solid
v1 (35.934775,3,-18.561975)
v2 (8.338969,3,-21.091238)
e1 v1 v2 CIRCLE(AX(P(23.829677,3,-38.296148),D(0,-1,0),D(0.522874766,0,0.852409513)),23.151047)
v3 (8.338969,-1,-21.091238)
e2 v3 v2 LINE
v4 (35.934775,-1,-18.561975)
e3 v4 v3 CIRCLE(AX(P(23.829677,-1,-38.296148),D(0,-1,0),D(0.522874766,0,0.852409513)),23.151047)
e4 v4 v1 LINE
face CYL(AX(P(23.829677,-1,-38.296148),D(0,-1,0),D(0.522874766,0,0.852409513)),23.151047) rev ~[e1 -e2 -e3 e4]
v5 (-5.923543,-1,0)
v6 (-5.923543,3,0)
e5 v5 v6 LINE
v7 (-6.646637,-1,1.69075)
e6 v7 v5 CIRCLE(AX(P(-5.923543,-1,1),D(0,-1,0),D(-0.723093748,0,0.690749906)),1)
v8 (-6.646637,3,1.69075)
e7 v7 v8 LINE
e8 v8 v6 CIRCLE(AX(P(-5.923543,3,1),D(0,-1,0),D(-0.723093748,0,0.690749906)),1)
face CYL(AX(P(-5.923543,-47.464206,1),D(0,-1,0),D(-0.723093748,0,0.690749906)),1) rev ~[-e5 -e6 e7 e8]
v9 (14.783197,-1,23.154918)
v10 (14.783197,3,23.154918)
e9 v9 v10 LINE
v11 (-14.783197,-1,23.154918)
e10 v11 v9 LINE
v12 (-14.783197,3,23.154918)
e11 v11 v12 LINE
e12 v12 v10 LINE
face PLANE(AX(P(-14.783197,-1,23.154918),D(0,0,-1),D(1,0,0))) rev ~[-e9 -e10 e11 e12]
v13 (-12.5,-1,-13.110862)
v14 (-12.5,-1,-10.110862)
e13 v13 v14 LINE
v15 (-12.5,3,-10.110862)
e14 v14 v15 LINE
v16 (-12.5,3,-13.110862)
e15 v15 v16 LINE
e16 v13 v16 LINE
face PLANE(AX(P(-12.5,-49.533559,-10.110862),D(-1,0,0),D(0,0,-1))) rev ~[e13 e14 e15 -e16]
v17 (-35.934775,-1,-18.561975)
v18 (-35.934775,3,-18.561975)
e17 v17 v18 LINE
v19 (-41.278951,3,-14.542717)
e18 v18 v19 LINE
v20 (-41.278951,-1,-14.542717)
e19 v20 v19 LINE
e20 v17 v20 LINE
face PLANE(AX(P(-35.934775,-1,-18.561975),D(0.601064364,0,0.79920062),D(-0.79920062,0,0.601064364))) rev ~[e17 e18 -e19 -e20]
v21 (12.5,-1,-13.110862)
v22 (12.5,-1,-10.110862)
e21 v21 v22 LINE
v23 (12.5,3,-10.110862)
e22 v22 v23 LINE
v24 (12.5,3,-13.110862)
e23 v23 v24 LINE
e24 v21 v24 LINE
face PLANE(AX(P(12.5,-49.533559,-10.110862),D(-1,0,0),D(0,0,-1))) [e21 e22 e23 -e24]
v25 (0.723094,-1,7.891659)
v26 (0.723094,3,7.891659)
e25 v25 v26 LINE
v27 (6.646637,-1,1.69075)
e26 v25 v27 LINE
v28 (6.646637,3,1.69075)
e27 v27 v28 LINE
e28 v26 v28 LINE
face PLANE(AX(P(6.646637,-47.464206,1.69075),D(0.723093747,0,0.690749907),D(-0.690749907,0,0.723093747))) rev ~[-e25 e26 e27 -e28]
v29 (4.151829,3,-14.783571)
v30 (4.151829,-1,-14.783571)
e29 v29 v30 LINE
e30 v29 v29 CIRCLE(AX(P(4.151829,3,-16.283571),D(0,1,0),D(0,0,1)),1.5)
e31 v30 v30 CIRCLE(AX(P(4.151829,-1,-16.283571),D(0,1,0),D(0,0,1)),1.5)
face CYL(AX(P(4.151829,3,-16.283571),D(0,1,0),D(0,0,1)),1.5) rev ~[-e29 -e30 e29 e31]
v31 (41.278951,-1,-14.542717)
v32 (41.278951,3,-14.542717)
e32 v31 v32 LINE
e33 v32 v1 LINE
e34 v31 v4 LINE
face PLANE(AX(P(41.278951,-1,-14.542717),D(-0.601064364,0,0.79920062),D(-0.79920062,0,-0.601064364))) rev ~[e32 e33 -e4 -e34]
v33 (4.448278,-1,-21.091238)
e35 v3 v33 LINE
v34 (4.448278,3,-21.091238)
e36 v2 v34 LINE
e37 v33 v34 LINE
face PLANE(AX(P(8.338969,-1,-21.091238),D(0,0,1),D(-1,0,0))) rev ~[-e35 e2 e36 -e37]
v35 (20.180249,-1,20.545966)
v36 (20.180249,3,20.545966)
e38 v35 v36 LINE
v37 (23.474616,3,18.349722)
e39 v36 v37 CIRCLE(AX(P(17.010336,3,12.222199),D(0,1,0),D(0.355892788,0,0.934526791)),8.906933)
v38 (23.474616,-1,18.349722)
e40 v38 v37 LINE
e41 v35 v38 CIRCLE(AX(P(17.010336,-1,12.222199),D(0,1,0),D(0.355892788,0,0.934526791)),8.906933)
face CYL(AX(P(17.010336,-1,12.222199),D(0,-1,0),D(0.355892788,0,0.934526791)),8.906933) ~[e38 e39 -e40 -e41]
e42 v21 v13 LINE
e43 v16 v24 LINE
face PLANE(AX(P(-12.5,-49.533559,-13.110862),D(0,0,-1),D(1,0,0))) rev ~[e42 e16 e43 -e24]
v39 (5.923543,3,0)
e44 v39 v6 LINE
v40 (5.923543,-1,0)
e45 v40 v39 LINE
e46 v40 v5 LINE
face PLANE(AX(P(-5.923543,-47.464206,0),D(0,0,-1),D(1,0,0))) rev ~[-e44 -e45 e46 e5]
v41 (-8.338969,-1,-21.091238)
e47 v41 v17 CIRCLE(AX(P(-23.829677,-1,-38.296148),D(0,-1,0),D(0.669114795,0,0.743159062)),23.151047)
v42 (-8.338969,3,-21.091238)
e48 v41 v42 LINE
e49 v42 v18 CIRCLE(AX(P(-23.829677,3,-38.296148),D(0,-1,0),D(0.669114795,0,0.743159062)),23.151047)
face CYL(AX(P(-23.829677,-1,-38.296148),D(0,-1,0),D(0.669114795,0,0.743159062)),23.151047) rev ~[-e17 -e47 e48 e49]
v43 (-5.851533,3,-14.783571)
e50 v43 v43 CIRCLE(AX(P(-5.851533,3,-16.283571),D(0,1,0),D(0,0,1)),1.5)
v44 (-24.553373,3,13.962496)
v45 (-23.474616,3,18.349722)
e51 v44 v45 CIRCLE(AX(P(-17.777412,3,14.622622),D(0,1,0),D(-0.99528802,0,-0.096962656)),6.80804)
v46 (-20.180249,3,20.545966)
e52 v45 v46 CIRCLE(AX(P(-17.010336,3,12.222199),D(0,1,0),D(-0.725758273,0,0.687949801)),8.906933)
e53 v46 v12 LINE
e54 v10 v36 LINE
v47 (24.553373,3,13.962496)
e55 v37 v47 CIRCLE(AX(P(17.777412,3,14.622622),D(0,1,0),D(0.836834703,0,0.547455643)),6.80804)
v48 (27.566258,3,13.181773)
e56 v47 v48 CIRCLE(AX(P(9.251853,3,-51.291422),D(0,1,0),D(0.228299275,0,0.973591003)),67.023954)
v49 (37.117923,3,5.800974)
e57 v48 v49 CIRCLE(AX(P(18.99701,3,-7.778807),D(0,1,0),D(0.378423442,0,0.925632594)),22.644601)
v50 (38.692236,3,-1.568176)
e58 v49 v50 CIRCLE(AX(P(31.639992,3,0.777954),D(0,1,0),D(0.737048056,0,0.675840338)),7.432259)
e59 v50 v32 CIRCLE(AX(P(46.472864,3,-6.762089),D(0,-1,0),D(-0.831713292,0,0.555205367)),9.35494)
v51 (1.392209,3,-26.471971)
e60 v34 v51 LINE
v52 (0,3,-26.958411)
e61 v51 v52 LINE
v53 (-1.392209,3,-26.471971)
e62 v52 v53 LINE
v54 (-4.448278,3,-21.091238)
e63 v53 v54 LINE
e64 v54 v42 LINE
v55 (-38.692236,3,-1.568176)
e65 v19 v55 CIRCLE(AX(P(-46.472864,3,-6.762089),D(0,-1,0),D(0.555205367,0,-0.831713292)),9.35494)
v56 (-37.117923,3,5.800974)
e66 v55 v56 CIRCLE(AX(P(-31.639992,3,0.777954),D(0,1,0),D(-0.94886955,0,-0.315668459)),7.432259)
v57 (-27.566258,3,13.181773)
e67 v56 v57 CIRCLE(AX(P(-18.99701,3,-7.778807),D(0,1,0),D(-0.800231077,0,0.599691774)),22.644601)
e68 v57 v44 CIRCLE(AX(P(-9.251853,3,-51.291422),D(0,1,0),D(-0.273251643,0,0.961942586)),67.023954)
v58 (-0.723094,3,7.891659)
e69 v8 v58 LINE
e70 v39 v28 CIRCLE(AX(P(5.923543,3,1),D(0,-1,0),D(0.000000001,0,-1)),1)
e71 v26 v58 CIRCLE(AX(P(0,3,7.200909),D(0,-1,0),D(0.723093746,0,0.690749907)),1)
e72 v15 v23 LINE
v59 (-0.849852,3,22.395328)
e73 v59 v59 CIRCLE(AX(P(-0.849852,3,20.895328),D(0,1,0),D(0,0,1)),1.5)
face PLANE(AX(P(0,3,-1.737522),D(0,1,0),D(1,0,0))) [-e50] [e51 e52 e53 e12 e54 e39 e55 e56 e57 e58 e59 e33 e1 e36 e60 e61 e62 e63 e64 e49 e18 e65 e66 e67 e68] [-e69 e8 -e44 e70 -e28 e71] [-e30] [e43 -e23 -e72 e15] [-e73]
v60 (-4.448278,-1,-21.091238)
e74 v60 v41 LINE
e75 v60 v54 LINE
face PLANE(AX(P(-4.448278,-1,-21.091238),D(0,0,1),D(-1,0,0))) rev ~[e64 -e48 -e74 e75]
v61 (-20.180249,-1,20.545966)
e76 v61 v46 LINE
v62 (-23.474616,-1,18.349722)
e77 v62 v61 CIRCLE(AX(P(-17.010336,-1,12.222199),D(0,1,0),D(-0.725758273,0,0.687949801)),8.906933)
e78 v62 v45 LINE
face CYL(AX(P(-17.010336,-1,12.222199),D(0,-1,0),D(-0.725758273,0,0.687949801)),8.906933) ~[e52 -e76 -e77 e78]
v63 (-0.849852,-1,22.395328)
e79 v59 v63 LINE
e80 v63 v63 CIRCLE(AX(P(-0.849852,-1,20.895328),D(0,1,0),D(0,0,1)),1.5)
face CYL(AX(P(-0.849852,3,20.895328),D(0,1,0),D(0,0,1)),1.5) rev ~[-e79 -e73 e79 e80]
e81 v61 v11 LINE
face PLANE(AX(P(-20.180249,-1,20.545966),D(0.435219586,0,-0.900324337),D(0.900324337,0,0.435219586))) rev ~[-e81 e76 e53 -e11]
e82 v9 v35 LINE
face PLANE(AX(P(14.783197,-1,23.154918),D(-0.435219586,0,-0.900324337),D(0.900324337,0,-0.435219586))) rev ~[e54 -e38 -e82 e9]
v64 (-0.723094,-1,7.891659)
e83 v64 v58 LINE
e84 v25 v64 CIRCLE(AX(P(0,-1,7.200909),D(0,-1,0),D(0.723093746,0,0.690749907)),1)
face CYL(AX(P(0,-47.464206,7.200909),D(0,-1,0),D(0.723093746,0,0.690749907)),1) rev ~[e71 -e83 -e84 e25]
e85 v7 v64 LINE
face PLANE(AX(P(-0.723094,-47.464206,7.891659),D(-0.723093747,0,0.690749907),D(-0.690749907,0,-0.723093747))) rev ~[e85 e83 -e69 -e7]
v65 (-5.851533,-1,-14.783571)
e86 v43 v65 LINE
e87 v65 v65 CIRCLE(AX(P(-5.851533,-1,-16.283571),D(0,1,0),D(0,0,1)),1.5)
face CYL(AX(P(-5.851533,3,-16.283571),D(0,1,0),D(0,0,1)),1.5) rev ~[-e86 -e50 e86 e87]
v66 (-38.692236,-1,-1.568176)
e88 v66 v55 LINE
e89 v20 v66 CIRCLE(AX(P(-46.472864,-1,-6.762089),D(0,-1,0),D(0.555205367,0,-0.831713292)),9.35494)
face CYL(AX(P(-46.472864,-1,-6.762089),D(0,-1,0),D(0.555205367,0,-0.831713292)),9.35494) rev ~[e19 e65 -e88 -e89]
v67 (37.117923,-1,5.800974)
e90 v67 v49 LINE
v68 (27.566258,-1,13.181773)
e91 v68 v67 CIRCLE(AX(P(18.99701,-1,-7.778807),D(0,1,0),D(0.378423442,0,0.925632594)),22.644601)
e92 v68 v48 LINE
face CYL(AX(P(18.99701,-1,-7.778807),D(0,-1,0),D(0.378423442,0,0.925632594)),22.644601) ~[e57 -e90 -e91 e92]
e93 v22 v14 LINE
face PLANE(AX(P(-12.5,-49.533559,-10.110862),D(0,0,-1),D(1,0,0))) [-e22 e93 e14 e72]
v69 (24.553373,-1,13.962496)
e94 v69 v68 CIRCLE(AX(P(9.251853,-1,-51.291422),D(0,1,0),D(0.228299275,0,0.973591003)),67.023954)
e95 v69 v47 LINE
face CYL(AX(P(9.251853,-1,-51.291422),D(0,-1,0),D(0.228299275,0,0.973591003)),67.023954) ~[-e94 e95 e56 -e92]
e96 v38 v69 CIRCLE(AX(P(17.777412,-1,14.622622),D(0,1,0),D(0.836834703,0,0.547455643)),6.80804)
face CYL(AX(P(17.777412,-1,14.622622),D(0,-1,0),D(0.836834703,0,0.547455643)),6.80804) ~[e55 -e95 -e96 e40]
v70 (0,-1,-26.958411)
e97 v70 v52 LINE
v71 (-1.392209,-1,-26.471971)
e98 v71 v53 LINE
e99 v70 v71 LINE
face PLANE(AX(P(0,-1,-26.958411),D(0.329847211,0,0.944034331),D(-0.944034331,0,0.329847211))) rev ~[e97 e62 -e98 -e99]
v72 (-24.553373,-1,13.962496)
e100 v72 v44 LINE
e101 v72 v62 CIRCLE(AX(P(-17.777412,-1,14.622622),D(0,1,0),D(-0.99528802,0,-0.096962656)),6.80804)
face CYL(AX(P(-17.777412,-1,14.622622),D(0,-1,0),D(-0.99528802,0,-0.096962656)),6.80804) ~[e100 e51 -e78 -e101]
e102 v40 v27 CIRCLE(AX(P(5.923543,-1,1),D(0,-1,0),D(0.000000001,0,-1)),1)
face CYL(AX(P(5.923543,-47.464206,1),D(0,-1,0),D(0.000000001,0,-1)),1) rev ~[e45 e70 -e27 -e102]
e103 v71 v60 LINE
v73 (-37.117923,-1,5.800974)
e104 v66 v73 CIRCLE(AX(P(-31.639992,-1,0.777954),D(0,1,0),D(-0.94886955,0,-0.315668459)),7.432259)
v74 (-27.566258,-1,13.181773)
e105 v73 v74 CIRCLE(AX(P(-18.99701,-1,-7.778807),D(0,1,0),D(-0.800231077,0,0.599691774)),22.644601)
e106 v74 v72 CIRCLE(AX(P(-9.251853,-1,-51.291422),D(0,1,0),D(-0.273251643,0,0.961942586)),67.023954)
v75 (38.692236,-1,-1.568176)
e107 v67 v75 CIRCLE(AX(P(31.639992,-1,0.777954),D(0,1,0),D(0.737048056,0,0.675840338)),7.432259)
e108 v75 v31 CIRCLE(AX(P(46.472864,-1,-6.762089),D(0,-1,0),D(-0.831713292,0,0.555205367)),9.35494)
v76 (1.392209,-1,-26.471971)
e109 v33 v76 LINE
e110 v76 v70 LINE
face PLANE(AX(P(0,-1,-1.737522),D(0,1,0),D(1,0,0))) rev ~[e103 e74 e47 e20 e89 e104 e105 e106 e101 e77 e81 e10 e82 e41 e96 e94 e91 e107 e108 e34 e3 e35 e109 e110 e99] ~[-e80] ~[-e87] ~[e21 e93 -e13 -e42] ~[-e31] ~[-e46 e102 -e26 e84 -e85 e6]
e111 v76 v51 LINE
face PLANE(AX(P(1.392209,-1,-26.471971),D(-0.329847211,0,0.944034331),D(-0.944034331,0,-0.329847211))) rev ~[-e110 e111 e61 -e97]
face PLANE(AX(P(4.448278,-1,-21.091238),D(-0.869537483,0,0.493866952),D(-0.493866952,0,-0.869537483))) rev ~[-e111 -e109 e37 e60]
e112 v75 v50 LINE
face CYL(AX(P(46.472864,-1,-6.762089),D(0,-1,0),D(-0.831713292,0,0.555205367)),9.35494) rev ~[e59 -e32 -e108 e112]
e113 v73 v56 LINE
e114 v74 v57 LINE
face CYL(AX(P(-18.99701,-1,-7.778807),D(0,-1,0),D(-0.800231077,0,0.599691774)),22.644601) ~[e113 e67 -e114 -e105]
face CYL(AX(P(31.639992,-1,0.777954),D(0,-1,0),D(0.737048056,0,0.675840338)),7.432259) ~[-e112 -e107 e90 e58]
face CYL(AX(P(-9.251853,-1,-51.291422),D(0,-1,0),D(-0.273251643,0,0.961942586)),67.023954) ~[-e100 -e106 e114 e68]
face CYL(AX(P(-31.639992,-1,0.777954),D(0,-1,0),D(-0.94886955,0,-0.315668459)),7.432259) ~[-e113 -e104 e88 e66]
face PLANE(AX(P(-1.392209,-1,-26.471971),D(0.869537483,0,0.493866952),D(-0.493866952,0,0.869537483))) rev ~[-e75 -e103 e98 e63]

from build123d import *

# Parameters (mm, degrees)
BOSS_EXTRUDE1_DEPTH     = 2
SCALE1_SCALE            = 2
SKETCH6_R               = 1.5
CUT_EXTRUDE2_DEPTH      = 50.464206186
SKETCH7_W               = 25
SKETCH7_H               = 3
BOSS_EXTRUDE2_DEPTH     = 15
SKETCH8_R               = 1.5
SKETCH8_W               = 16
SKETCH8_H               = 11
CUT_EXTRUDE3_DEPTH      = 18
FILLET3_R               = 3
FILLET4_R               = 3
SKETCH10_R              = 1.5
CUT_EXTRUDE4_DEPTH      = 10
CUT_EXTRUDE5_DEPTH      = 52.533558907
CUT_EXTRUDE5_DEPTH_BACK = 52.533558907
SKETCH11_W              = 25
SKETCH11_H              = 3
CUT_EXTRUDE6_DEPTH      = 50.464206186
CUT_EXTRUDE6_DEPTH_BACK = 50.464206186


with BuildPart() as part:
    # Sketch2 → Boss-Extrude1 (new body)
    with BuildSketch(Plane(origin=(0, 0, 0), x_dir=(1, 0, 0), z_dir=(0, 1, 0))):
        with BuildLine():
            Line((-17.967387551, 9.159795774), (-20.639475337, 7.15016677))
            ThreePointArc((-20.639475337, 7.15016677), (-18.649238809, 4.17439457), (-19.346117765, 0.662896123))
            ThreePointArc((-19.346117765, 0.662896123), (-19.45411943, -1.286546543), (-18.558961711, -3.021678736))
            ThreePointArc((-18.558961711, -3.021678736), (-16.421478173, -5.190969631), (-13.78312899, -6.712078584))
            ThreePointArc((-13.78312899, -6.712078584), (-13.032173848, -6.916004841), (-12.276686285, -7.102440046))
            ThreePointArc((-12.276686285, -7.102440046), (-12.194265553, -8.245293076), (-11.737308023, -9.296052821))
            ThreePointArc((-11.737308023, -9.296052821), (-10.975506649, -9.937799505), (-10.090124565, -10.394175126))
            Line((-10.090124565, -10.394175126), (-7.391598262, -11.698651137))
            Line((-7.391598262, -11.698651137), (7.391598262, -11.698651137))
            Line((7.391598262, -11.698651137), (10.090124565, -10.394175126))
            ThreePointArc((10.090124565, -10.394175126), (10.975506649, -9.937799505), (11.737308023, -9.296052821))
            ThreePointArc((11.737308023, -9.296052821), (12.194265553, -8.245293076), (12.276686285, -7.102440046))
            ThreePointArc((12.276686285, -7.102440046), (13.032173848, -6.916004841), (13.78312899, -6.712078584))
            ThreePointArc((13.78312899, -6.712078584), (16.421478173, -5.190969631), (18.558961711, -3.021678736))
            ThreePointArc((18.558961711, -3.021678736), (19.45411943, -1.286546543), (19.346117765, 0.662896123))
            ThreePointArc((19.346117765, 0.662896123), (18.649238809, 4.17439457), (20.639475337, 7.15016677))
            Line((20.639475337, 7.15016677), (17.967387551, 9.159795774))
            ThreePointArc((17.967387551, 9.159795774), (10.858325227, 7.499674132), (4.169484372, 10.424426945))
            Line((4.169484372, 10.424426945), (2.224138848, 10.424426945))
            Line((2.224138848, 10.424426945), (0.696104526, 13.114793475))
            Line((0.696104526, 13.114793475), (0, 13.358013588))
            Line((0, 13.358013588), (-0.696104526, 13.114793475))
            Line((-0.696104526, 13.114793475), (-2.224138848, 10.424426945))
            Line((-2.224138848, 10.424426945), (-4.169484372, 10.424426945))
            ThreePointArc((-4.169484372, 10.424426945), (-10.858325227, 7.499674132), (-17.967387551, 9.159795774))
        make_face()
    extrude(amount=BOSS_EXTRUDE1_DEPTH)


with BuildPart() as part_1:
    # Scale1: scaled about (0, 1, 0.242383844)
    add(part.part.scale(SCALE1_SCALE).moved(Location((0, -1, -0.242383844))))

    # Sketch6 → Cut-Extrude2 (cut, through all)
    with BuildSketch(Plane(origin=(0, 3, 0), x_dir=(1, 0, 0), z_dir=(0, 1, 0))):
        with Locations(Location((-5.851533015, 16.28357055, 0), (0, 0, 270))):
            Circle(SKETCH6_R)
        with Locations(Location((4.151829214, 16.28357055, 0), (0, 0, 270))):
            Circle(SKETCH6_R)
    extrude(amount=-CUT_EXTRUDE2_DEPTH, mode=Mode.SUBTRACT)

    # Sketch7 → Boss-Extrude2 (add)
    with BuildSketch(Plane(origin=(0, 3, 0), x_dir=(1, 0, 0), z_dir=(0, 1, 0))):
        with Locations((0, 11.610861671)):
            Rectangle(SKETCH7_W, SKETCH7_H)
    extrude(amount=BOSS_EXTRUDE2_DEPTH)

    # Sketch8 → Cut-Extrude3 (cut)
    with BuildSketch(Plane.XY.offset(-10.110861671)):
        with Locations((-9.75, 10.917386914)):
            Circle(SKETCH8_R)
        with Locations((9.75, 10.917386914)):
            Circle(SKETCH8_R)
        with Locations((0, 10.917386914)):
            Rectangle(SKETCH8_W, SKETCH8_H)
    extrude(amount=-CUT_EXTRUDE3_DEPTH, mode=Mode.SUBTRACT)

    # Fillet3
    fillet3_edges = [part_1.edges().sort_by_distance(p)[0] for p in [
        (-12.5, 18, -11.610861671),
    ]]
    fillet(fillet3_edges, radius=FILLET3_R)

    # Fillet4
    fillet4_edges = [part_1.edges().sort_by_distance(p)[0] for p in [
        (12.5, 18, -11.610861671),
    ]]
    fillet(fillet4_edges, radius=FILLET4_R)

    # Sketch10 → Cut-Extrude4 (cut)
    with BuildSketch(Plane(origin=(0, 3, 0), x_dir=(1, 0, 0), z_dir=(0, 1, 0))):
        with Locations(Location((-0.8498519, -20.895328087, 0), (0, 0, 270))):
            Circle(SKETCH10_R)
    extrude(amount=-CUT_EXTRUDE4_DEPTH, mode=Mode.SUBTRACT)

    # Sketch11 → Cut-Extrude5 (cut, two sides: drawn at the far end of the back side and taken through both)
    with BuildSketch(Plane(origin=(0, 3, 0), x_dir=(1, 0, 0), z_dir=(0, 1, 0)).offset(-CUT_EXTRUDE5_DEPTH_BACK)):
        with Locations((0, 11.610861671)):
            Rectangle(SKETCH11_W, SKETCH11_H)
    extrude(amount=CUT_EXTRUDE5_DEPTH + CUT_EXTRUDE5_DEPTH_BACK, mode=Mode.SUBTRACT)

    # Sketch12 → Cut-Extrude6 (cut, two sides: drawn at the far end of the back side and taken through both)
    with BuildSketch(Plane(origin=(0, 3, 0), x_dir=(1, 0, 0), z_dir=(0, 1, 0)).offset(-CUT_EXTRUDE6_DEPTH_BACK)):
        with BuildLine():
            Line((-5.923543235, 0), (5.923543235, 0))
            ThreePointArc((5.923543235, 0), (6.842985975, -0.606776086), (6.646636982, -1.690749907))
            Line((6.646636982, -1.690749907), (0.723093747, -7.891658559))
            ThreePointArc((0.723093747, -7.891658559), (0, -8.200908652), (-0.723093747, -7.891658559))
            Line((-0.723093747, -7.891658559), (-6.646636982, -1.690749907))
            ThreePointArc((-6.646636982, -1.690749907), (-6.842985975, -0.606776086), (-5.923543235, 0))
        make_face()
    extrude(amount=CUT_EXTRUDE6_DEPTH + CUT_EXTRUDE6_DEPTH_BACK, mode=Mode.SUBTRACT)


solid = part_1.part
